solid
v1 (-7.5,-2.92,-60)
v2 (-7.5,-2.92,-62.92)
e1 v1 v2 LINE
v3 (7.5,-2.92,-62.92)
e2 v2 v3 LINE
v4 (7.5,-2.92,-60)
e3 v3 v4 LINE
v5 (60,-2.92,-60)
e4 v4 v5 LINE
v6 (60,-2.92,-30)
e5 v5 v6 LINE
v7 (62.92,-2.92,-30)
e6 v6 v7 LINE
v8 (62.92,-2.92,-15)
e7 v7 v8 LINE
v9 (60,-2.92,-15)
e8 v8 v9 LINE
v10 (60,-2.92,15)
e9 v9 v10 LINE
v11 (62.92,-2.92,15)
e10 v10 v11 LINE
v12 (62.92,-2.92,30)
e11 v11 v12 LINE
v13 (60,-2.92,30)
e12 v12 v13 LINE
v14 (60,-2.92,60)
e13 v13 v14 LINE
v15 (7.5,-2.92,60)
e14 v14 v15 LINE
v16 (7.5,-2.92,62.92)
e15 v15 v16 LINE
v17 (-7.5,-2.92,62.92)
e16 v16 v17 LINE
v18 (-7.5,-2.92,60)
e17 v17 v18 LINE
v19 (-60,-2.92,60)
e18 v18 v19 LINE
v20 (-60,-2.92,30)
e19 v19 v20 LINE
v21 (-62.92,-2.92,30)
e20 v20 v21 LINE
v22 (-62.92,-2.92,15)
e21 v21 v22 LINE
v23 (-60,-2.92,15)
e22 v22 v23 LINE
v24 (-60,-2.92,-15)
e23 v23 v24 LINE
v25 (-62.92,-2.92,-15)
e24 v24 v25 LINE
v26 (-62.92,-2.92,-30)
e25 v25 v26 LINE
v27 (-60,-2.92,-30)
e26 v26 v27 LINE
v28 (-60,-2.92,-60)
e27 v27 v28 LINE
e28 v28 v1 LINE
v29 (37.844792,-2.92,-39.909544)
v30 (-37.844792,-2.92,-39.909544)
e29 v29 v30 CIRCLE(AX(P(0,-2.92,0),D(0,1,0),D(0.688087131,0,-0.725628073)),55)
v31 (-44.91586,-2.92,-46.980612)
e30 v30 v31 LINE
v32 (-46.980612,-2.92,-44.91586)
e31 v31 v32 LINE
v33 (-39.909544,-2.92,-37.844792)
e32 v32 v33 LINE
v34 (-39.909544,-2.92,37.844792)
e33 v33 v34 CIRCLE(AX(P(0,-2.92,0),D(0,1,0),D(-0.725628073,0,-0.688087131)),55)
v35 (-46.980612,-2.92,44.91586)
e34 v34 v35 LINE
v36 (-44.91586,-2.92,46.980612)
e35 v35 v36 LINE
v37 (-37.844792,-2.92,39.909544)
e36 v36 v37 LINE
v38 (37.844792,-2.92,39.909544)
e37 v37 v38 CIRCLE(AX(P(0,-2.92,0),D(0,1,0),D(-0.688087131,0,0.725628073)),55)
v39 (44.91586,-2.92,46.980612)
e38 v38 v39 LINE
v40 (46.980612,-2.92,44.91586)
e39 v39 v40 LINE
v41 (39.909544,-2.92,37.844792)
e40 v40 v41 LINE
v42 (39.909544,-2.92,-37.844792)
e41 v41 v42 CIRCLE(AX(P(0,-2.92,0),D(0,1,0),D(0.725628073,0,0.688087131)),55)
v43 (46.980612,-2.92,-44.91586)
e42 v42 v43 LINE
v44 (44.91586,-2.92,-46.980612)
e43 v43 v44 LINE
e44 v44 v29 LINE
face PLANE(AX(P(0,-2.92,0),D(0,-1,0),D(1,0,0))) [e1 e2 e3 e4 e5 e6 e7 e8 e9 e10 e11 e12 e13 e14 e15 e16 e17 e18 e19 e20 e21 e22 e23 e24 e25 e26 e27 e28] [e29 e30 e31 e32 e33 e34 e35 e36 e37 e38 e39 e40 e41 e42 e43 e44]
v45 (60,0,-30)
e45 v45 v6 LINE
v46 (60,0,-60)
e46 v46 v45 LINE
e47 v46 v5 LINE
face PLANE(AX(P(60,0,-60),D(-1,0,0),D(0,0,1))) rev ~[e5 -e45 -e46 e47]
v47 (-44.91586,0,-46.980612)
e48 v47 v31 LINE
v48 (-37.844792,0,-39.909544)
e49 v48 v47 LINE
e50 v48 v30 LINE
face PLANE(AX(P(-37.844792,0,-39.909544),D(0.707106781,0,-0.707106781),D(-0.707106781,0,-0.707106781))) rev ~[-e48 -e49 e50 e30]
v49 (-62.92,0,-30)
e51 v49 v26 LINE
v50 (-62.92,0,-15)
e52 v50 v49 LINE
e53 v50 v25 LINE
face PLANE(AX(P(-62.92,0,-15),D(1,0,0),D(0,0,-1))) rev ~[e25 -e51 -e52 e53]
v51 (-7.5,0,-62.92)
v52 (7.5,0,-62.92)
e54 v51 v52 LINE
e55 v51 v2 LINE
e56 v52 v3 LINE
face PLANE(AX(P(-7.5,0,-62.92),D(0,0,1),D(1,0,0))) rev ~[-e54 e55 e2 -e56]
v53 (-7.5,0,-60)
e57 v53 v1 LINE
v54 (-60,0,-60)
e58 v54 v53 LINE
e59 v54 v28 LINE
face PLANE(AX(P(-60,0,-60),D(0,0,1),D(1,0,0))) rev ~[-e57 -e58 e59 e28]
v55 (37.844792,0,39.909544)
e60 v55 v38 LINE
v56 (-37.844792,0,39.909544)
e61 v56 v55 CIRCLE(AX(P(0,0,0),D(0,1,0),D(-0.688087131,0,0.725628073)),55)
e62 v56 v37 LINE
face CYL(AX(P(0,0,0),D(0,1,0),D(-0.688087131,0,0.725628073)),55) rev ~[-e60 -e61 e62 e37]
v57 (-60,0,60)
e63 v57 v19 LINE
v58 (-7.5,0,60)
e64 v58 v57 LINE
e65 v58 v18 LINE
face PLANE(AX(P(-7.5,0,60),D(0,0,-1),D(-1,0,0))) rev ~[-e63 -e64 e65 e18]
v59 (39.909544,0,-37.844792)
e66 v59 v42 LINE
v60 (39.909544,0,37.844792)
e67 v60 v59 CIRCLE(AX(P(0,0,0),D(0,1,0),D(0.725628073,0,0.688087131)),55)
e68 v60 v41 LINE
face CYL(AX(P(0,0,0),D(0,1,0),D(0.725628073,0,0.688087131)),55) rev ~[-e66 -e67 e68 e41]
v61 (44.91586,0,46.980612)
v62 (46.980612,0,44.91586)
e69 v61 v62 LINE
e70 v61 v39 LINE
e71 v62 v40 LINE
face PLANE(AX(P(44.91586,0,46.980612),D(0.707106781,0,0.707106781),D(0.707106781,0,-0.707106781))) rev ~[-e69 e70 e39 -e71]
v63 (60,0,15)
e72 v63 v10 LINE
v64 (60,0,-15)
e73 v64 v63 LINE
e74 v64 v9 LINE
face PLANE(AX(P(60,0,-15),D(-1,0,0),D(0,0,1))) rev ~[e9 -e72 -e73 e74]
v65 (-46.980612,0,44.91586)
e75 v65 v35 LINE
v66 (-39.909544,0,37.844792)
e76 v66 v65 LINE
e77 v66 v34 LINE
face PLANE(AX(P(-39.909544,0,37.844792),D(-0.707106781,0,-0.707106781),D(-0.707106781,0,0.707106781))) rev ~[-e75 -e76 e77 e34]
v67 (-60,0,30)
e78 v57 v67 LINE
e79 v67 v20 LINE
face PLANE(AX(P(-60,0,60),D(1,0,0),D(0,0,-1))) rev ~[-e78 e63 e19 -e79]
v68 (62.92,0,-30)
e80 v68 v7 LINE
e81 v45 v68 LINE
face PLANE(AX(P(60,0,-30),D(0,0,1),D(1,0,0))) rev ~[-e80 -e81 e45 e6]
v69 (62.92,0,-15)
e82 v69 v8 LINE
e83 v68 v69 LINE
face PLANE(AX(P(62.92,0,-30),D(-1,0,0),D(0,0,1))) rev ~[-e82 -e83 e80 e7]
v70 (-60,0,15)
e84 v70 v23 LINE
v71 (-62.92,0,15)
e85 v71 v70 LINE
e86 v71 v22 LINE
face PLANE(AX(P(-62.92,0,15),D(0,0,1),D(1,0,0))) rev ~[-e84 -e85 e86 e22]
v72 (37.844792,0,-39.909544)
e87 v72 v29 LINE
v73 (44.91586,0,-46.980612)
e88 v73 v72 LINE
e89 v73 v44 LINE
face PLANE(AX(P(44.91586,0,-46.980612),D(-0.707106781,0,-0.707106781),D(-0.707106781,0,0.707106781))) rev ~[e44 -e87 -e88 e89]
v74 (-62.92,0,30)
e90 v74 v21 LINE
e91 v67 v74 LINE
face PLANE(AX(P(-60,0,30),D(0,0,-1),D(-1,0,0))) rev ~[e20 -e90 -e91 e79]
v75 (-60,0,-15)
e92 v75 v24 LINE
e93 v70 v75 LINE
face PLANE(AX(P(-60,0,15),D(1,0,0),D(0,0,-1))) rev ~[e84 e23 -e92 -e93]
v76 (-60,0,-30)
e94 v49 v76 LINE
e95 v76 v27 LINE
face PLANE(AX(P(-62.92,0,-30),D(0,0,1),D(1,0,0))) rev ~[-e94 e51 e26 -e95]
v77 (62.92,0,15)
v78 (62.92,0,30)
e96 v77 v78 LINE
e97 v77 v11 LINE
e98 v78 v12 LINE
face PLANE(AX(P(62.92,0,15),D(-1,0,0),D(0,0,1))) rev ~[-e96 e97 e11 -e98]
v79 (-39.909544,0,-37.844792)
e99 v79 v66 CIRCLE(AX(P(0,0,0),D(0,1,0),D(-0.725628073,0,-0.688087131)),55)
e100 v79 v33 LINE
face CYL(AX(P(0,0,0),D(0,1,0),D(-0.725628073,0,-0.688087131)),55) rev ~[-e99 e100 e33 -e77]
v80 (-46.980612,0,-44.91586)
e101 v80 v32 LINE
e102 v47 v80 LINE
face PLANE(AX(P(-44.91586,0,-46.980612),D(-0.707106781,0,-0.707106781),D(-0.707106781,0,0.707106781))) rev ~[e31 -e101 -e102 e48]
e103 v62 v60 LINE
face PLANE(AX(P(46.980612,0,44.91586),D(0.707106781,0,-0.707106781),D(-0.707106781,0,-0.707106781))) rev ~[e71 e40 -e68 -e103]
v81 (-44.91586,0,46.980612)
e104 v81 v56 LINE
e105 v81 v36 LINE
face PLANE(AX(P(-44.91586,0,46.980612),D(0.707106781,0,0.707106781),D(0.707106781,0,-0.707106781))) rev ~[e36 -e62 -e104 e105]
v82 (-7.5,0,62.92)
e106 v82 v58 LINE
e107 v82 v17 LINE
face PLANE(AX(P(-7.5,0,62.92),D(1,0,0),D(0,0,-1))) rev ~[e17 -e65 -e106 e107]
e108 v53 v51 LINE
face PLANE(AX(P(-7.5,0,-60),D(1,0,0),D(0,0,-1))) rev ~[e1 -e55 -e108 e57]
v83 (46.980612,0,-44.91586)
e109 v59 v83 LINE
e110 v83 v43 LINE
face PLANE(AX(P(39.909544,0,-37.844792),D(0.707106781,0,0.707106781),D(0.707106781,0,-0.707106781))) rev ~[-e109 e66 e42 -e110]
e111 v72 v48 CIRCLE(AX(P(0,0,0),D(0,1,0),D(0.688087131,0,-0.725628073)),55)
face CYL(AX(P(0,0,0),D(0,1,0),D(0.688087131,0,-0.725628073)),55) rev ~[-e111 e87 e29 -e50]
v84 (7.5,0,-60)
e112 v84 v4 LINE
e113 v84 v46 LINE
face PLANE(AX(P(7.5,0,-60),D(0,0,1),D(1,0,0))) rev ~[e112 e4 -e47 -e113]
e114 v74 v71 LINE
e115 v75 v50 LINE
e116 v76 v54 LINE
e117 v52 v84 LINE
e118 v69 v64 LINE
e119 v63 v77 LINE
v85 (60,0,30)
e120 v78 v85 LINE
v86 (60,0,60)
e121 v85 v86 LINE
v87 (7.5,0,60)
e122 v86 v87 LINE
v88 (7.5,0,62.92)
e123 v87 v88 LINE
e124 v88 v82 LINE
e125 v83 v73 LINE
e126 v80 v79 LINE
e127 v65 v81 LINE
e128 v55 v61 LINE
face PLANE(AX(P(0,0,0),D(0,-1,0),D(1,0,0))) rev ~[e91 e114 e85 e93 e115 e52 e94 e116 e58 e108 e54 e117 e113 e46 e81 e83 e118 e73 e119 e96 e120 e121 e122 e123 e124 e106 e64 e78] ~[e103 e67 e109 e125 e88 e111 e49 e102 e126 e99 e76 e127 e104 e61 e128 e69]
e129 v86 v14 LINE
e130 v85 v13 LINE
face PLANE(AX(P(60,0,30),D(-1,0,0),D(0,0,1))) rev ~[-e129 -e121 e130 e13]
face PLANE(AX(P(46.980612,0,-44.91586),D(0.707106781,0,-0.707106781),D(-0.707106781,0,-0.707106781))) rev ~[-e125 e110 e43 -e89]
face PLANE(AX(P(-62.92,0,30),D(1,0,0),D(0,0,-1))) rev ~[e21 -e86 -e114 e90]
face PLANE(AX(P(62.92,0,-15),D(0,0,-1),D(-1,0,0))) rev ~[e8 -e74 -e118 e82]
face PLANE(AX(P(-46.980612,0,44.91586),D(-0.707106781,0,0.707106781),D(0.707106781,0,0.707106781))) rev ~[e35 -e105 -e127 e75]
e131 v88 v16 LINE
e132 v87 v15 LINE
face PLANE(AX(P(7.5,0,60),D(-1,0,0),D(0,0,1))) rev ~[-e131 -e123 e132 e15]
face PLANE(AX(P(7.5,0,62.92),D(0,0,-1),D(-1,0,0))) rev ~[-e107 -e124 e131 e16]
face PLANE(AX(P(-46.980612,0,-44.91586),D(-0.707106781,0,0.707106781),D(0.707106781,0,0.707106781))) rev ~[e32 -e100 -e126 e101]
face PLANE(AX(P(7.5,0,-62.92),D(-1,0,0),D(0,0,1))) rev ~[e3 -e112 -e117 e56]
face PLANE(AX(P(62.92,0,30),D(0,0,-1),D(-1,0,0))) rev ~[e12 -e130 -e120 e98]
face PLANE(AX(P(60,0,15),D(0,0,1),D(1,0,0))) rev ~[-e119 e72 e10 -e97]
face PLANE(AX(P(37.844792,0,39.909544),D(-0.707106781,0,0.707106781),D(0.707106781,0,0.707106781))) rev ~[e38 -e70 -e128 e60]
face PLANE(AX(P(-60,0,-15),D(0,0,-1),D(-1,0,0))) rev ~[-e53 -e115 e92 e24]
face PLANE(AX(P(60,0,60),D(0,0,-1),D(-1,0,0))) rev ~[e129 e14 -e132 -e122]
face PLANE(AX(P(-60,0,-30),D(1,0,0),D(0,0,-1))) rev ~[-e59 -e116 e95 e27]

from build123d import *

# Parameters (mm, degrees)
F2_DEPTH = 2.92


with BuildPart() as f2:
    # F1 (on Front) → F2 (new body)
    with BuildSketch(Plane.XZ):
        Polygon((-7.5, 60), (-60, 60), (-60, 30), (-62.92, 30), (-62.92, 15), (-60, 15), (-60, 0), (-60, -15), (-62.92, -15), (-62.92, -30), (-60, -30), (-60, -60), (-7.5, -60), (-7.5, -62.92), (7.5, -62.92), (7.5, -60), (60, -60), (60, -30), (62.92, -30), (62.92, -15), (60, -15), (60, 0), (60, 15), (62.92, 15), (62.92, 30), (60, 30), (60, 60), (7.5, 60), (7.5, 62.92), (-7.5, 62.92), align=None)
        with BuildLine():
            ThreePointArc((-39.9095440073, -37.8447922062), (-55, 0), (-39.9095440073, 37.8447922062))
            Line((-39.9095440073, 37.8447922062), (-46.9806118191, 44.9158600181))
            Line((-46.9806118191, 44.9158600181), (-44.9158600181, 46.9806118191))
            Line((-44.9158600181, 46.9806118191), (-37.8447922062, 39.9095440073))
            ThreePointArc((-37.8447922062, 39.9095440073), (0, 55), (37.8447922062, 39.9095440073))
            Line((37.8447922062, 39.9095440073), (44.9158600181, 46.9806118191))
            Line((44.9158600181, 46.9806118191), (46.9806118191, 44.9158600181))
            Line((46.9806118191, 44.9158600181), (39.9095440073, 37.8447922062))
            ThreePointArc((39.9095440073, 37.8447922062), (55, 0), (39.9095440073, -37.8447922062))
            Line((39.9095440073, -37.8447922062), (46.9806118191, -44.9158600181))
            Line((46.9806118191, -44.9158600181), (44.9158600181, -46.9806118191))
            Line((44.9158600181, -46.9806118191), (37.8447922062, -39.9095440073))
            ThreePointArc((37.8447922062, -39.9095440073), (0, -55), (-37.8447922062, -39.9095440073))
            Line((-37.8447922062, -39.9095440073), (-44.9158600181, -46.9806118191))
            Line((-44.9158600181, -46.9806118191), (-46.9806118191, -44.9158600181))
            Line((-46.9806118191, -44.9158600181), (-39.9095440073, -37.8447922062))
        make_face(mode=Mode.SUBTRACT)
    extrude(amount=F2_DEPTH)


solid = f2.part
